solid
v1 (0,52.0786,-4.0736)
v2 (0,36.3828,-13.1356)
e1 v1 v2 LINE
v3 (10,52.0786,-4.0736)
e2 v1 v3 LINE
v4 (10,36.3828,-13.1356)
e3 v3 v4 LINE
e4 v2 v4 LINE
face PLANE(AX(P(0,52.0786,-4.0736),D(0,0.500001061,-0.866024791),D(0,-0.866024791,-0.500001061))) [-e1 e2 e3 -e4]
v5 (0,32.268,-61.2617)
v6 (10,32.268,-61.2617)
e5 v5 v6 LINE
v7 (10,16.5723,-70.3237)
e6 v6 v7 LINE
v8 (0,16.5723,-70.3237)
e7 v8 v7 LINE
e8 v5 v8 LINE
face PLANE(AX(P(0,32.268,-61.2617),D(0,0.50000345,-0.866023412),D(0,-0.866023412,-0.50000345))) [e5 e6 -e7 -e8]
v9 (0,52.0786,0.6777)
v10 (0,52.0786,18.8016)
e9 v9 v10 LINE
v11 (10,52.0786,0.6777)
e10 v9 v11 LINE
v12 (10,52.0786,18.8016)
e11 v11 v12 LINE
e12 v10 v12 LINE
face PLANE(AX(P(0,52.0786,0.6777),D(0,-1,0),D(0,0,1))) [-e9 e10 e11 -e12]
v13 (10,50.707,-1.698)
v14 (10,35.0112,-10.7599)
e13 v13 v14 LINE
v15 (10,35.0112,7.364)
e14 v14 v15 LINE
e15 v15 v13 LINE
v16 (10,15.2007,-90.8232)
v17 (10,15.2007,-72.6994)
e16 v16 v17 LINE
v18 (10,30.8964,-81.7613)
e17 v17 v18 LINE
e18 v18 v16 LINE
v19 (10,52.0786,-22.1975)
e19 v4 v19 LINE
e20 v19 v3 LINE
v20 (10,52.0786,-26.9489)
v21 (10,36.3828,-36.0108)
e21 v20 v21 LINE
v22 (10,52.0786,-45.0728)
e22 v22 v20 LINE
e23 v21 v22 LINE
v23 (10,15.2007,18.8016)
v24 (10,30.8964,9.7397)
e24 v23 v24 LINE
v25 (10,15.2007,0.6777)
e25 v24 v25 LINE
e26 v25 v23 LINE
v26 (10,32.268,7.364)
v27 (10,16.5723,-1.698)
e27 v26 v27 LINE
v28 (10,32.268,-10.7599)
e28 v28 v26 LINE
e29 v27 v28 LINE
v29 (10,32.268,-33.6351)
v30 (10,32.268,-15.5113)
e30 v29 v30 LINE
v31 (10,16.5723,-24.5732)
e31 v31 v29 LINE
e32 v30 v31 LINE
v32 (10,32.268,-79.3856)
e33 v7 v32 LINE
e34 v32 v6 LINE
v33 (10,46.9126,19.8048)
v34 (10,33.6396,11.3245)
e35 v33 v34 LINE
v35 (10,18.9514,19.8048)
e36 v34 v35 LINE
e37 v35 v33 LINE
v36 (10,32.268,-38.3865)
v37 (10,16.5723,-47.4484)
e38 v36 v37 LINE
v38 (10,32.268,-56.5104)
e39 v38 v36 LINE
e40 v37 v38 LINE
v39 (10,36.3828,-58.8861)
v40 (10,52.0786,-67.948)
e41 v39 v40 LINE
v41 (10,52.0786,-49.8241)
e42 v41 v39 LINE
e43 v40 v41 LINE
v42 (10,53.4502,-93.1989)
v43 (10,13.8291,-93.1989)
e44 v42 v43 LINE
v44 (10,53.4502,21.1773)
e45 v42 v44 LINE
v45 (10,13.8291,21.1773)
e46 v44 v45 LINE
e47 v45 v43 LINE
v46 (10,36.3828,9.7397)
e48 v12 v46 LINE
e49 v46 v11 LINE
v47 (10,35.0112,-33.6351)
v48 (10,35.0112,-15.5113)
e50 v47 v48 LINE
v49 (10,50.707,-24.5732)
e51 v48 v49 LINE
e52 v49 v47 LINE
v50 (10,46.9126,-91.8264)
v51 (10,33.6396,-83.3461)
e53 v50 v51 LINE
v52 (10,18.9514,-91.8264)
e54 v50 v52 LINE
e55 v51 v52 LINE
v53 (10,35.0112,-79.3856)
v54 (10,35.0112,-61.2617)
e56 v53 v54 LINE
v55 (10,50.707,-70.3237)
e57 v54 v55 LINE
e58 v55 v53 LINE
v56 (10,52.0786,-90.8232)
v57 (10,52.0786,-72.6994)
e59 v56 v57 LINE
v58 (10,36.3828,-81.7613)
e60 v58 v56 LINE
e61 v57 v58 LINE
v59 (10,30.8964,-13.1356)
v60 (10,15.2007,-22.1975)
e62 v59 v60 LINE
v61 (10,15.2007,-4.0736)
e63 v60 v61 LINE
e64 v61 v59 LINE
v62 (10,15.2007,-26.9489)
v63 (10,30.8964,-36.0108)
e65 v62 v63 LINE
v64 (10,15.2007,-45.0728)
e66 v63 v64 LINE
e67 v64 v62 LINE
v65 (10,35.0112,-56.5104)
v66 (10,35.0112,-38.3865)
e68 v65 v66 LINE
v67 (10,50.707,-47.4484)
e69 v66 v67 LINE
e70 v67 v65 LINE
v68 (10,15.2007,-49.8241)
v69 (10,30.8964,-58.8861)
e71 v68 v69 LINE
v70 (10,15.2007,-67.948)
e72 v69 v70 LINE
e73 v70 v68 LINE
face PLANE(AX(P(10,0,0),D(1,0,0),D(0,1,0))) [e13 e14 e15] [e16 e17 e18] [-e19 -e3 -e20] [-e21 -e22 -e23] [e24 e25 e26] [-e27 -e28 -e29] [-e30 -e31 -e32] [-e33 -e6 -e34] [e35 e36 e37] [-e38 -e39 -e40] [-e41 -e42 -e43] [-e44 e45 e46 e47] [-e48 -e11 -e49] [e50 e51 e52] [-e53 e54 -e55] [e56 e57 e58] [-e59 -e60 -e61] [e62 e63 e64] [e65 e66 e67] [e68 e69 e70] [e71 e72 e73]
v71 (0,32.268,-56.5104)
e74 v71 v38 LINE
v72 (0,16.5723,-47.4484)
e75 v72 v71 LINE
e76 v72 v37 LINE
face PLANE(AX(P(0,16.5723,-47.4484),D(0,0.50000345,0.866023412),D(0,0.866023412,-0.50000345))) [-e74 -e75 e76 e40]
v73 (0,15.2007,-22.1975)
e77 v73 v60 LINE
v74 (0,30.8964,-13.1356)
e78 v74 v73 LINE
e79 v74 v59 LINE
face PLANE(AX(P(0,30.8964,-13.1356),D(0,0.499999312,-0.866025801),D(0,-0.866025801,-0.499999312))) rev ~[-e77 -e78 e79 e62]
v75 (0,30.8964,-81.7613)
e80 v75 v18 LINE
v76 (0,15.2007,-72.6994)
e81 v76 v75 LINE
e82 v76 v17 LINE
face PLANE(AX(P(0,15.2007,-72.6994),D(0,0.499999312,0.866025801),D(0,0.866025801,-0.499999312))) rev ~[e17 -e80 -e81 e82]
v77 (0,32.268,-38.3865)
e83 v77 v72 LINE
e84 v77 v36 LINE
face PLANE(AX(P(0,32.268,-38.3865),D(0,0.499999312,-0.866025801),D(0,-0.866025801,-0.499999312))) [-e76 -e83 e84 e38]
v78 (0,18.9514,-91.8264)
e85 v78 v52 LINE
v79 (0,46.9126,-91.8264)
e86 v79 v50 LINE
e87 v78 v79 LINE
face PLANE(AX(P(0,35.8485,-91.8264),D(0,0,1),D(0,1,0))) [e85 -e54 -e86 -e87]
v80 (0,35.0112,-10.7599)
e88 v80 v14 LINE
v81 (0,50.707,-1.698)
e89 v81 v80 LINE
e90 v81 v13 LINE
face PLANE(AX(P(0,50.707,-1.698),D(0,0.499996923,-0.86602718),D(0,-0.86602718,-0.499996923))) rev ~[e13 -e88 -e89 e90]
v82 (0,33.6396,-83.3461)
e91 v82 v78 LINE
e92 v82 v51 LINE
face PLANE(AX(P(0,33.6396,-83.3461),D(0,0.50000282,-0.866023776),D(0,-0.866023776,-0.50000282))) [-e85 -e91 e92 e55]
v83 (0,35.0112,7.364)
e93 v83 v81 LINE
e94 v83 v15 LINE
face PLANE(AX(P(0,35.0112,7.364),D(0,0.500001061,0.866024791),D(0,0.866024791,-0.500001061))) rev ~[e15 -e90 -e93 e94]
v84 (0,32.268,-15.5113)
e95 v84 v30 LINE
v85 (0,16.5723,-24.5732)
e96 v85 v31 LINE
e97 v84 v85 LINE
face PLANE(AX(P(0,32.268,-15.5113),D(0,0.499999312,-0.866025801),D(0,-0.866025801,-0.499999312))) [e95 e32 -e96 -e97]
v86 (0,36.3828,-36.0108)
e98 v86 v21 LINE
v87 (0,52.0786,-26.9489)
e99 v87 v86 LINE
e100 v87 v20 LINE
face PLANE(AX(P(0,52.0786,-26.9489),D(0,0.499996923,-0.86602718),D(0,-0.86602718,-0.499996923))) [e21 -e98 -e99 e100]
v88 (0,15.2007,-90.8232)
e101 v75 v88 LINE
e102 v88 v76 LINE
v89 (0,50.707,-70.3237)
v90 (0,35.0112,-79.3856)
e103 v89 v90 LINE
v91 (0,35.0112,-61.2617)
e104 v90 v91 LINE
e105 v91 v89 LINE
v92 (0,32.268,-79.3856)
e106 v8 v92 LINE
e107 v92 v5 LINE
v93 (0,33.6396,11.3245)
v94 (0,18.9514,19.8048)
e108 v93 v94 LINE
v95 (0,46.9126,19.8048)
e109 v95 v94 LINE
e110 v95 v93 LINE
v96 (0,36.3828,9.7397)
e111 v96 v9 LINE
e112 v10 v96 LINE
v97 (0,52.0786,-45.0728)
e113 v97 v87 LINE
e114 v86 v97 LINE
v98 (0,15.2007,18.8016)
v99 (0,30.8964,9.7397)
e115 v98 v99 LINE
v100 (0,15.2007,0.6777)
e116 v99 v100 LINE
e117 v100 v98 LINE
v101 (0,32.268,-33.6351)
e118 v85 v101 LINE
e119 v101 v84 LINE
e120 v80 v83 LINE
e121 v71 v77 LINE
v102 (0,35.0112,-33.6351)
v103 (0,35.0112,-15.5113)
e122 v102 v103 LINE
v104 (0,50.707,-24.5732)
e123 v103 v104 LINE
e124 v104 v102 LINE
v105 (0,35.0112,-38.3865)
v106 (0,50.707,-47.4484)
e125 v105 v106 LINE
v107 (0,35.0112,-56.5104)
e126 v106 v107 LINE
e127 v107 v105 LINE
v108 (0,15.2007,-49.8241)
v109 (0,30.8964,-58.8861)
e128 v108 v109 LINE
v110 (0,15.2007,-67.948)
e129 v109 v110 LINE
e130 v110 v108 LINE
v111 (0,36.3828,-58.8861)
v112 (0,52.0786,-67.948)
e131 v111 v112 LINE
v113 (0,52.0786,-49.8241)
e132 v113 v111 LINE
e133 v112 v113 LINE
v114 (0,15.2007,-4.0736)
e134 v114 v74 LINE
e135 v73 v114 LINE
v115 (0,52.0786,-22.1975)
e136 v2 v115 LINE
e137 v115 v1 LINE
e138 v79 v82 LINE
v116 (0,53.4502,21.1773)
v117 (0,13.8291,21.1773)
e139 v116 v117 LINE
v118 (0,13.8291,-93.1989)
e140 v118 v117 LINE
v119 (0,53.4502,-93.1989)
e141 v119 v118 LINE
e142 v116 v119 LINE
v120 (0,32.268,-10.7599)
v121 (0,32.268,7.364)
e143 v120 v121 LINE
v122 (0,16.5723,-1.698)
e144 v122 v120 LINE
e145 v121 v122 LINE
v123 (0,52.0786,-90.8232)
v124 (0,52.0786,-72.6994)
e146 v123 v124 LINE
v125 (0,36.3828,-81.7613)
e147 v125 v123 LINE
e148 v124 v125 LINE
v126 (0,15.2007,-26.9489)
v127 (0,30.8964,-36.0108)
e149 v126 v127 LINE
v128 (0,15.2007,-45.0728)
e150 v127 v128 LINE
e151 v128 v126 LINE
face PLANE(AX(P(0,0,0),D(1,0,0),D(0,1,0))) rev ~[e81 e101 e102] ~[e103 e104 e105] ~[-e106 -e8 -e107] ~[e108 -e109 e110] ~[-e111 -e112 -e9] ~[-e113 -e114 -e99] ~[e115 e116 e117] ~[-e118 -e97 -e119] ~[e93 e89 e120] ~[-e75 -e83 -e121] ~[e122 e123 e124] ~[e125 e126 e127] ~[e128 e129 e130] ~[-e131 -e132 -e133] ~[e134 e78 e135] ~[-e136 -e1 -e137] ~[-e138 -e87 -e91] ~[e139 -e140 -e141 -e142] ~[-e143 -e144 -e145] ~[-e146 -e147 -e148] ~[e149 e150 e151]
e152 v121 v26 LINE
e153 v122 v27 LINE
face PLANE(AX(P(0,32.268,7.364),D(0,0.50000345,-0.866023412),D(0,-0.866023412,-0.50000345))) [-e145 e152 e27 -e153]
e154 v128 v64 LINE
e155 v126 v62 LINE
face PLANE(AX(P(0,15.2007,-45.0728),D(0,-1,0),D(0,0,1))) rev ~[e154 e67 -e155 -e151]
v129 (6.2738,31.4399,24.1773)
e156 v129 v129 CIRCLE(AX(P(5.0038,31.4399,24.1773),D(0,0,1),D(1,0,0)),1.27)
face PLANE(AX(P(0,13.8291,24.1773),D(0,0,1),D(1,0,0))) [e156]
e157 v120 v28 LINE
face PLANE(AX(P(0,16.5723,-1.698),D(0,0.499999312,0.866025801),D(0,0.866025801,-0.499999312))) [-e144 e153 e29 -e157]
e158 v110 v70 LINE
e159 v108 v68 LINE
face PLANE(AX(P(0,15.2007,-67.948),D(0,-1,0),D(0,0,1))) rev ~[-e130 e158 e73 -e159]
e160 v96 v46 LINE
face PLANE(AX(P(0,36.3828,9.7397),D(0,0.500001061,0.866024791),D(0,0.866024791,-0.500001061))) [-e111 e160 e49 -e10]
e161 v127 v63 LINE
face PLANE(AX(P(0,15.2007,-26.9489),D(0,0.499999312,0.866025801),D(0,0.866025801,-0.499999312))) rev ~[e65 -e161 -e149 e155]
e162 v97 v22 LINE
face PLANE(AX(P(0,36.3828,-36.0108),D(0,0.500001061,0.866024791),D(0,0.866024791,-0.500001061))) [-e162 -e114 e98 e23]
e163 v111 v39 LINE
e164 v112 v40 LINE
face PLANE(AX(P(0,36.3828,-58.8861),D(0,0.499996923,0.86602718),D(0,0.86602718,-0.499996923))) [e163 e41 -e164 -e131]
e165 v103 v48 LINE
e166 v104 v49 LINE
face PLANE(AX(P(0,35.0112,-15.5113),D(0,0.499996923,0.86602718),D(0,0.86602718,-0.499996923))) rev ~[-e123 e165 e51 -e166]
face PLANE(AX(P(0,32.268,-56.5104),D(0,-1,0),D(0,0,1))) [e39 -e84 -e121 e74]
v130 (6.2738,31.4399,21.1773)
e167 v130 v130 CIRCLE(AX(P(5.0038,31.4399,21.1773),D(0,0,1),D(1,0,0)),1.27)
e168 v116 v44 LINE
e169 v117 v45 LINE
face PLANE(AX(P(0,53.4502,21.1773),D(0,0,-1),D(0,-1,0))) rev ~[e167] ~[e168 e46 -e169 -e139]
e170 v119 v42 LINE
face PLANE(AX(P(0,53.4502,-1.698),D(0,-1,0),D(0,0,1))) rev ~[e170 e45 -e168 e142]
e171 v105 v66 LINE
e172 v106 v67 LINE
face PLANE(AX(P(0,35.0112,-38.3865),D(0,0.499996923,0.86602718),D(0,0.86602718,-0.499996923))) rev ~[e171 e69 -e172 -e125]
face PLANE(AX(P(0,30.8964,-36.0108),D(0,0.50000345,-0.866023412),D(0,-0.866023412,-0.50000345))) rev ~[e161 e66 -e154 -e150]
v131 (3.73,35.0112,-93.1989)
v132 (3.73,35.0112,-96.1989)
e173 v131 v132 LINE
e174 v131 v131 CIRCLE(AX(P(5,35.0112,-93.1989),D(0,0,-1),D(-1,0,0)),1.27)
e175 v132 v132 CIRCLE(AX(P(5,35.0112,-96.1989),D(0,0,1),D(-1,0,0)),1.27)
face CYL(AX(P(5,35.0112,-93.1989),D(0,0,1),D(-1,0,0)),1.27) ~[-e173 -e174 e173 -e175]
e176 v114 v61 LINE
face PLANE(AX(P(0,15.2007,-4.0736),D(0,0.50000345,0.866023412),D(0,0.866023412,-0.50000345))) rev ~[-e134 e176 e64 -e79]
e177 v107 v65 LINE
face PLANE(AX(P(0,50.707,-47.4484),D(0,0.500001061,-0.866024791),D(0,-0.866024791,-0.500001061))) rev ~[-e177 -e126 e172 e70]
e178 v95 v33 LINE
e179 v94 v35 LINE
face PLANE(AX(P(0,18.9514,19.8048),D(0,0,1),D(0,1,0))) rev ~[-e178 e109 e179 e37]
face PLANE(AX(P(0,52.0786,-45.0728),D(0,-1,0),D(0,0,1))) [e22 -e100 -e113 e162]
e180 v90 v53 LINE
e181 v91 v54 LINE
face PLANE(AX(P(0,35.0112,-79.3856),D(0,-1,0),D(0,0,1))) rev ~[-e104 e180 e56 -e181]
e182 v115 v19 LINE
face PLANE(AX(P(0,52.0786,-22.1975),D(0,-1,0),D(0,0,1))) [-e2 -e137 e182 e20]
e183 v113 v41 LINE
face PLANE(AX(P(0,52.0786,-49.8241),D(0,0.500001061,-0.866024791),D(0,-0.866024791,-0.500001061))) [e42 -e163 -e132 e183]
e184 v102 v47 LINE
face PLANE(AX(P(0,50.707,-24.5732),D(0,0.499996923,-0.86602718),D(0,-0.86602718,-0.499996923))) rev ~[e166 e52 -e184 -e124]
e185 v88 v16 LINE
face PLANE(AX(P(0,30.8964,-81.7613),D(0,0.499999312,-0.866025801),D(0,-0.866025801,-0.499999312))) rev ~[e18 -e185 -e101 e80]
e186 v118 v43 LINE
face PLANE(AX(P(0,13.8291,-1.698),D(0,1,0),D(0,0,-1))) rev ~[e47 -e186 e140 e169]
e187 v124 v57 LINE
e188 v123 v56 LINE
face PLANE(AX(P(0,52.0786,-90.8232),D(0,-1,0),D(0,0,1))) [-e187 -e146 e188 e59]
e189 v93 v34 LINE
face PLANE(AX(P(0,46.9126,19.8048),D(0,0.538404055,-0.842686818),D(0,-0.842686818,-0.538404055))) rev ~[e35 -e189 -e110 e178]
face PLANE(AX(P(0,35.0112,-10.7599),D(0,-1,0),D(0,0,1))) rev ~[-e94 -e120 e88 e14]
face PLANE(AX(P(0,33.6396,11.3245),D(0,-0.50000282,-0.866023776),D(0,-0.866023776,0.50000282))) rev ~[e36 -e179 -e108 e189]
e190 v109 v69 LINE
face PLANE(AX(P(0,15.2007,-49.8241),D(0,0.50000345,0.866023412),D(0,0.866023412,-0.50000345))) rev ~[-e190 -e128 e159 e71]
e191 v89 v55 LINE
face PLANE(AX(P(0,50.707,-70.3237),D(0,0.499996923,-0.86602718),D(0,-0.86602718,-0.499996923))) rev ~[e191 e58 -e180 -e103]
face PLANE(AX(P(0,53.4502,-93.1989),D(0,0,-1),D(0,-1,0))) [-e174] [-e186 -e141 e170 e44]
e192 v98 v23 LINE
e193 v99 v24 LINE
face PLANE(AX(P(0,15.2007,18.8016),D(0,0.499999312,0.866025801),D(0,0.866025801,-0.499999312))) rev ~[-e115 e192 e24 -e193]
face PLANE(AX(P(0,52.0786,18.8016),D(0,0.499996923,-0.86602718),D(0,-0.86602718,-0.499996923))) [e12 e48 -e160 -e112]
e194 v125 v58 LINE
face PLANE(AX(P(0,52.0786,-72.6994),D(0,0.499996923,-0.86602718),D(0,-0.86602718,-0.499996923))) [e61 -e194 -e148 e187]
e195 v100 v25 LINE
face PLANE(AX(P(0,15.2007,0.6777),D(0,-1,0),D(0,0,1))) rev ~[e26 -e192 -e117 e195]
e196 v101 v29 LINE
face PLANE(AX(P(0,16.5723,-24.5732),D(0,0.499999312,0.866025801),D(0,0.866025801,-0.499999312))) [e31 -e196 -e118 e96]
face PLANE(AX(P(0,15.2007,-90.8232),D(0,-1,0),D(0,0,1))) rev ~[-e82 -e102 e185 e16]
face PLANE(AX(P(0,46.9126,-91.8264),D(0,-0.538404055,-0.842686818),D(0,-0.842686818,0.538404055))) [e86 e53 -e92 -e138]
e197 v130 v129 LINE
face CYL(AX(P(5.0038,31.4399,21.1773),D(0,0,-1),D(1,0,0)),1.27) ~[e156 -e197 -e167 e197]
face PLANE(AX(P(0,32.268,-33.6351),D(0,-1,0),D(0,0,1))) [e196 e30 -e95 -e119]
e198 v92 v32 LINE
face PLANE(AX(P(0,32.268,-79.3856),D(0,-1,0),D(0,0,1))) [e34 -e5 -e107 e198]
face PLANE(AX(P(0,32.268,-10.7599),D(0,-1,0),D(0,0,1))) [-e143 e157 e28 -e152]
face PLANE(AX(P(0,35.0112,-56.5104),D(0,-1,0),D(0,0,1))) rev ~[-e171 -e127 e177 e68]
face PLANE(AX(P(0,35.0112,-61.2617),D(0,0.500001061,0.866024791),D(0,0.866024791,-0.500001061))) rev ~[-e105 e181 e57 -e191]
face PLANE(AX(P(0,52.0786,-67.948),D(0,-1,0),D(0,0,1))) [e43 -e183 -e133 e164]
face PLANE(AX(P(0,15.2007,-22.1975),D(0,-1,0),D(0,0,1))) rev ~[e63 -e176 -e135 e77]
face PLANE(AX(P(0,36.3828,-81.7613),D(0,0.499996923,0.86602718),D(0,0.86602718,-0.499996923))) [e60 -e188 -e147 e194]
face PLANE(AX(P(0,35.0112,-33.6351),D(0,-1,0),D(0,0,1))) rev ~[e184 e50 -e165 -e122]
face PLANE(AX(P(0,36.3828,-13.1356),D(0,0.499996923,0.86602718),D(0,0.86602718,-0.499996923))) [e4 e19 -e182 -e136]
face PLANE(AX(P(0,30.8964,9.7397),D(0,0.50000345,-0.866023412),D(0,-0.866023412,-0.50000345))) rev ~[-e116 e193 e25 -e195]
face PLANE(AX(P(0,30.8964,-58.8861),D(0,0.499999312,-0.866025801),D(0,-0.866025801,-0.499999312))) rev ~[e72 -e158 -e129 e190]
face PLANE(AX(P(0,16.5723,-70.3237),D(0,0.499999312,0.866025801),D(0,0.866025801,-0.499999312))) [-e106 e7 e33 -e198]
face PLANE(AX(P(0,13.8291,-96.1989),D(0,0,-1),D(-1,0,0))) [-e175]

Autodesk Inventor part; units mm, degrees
ref_plane "YZ Plane" through (0, 0, 0) normal (1, 0, 0) x (0, 1, 0)
ref_plane "XZ Plane" through (0, 0, 0) normal (0, 1, 0) x (-1, 0, 0)
ref_plane "XY Plane" through (0, 0, 0) normal (0, 0, 1) x (1, 0, 0)
sketch "Sketch1" plane through (0, 0, 0) normal (1, 0, 0) x (0, 1, 0)
  line L0 (33.6396, 9.7397) -> (33.6396, -13.1356)
  line L1 (33.6396, -13.1356) -> (53.4502, -1.698)
  line L2 (53.4502, -1.698) -> (33.6396, 9.7397)
  line L3 (50.707, -1.698) -> (35.0112, -10.7599)
  line L4 (35.0112, -10.7599) -> (35.0112, 7.364)
  line L5 (35.0112, 7.364) -> (50.707, -1.698)
  line L6 (53.4502, -1.698) -> (33.6396, -13.1356)
  line L7 (53.4502, -24.5732) -> (33.6396, -13.1356)
  line L8 (53.4502, -1.698) -> (53.4502, -24.5732)
  line L9 (52.0786, -4.0736) -> (36.3828, -13.1356)
  line L10 (36.3828, -13.1356) -> (52.0786, -22.1975)
  line L11 (52.0786, -22.1975) -> (52.0786, -4.0736)
  line L12 (33.6396, -13.1356) -> (33.6396, -36.0108)
  line L13 (33.6396, -36.0108) -> (53.4502, -24.5732)
  line L14 (35.0112, -33.6351) -> (35.0112, -15.5113)
  line L15 (35.0112, -15.5113) -> (50.707, -24.5732)
  line L16 (50.707, -24.5732) -> (35.0112, -33.6351)
  line L17 (53.4502, -24.5732) -> (53.4502, -47.4484)
  line L18 (53.4502, -47.4484) -> (33.6396, -36.0108)
  line L19 (52.0786, -45.0728) -> (52.0786, -26.9489)
  line L20 (36.3828, -36.0108) -> (52.0786, -45.0728)
  line L21 (52.0786, -26.9489) -> (36.3828, -36.0108)
  line L22 (33.6396, -36.0108) -> (33.6396, -58.8861)
  line L23 (35.0112, -56.5104) -> (35.0112, -38.3865)
  line L24 (33.6396, -58.8861) -> (53.4502, -47.4484)
  line L25 (50.707, -47.4484) -> (35.0112, -56.5104)
  line L26 (35.0112, -38.3865) -> (50.707, -47.4484)
  line L27 (53.4502, -47.4484) -> (53.4502, -70.3237)
  line L28 (52.0786, -49.8241) -> (36.3828, -58.8861)
  line L29 (36.3828, -58.8861) -> (52.0786, -67.948)
  line L30 (53.4502, -70.3237) -> (33.6396, -58.8861)
  line L31 (52.0786, -67.948) -> (52.0786, -49.8241)
  line L32 (33.6396, -58.8861) -> (33.6396, -81.7613)
  line L33 (33.6396, -81.7613) -> (53.4502, -70.3237)
  line L34 (50.707, -70.3237) -> (35.0112, -79.3856)
  line L35 (35.0112, -79.3856) -> (35.0112, -61.2617)
  line L36 (35.0112, -61.2617) -> (50.707, -70.3237)
  line L37 (33.6396, -13.1356) -> (13.8291, -1.698)
  line L38 (13.8291, -1.698) -> (33.6396, 9.7397)
  line L39 (16.5723, -1.698) -> (32.268, -10.7599)
  line L40 (32.268, -10.7599) -> (32.268, 7.364)
  line L41 (32.268, 7.364) -> (16.5723, -1.698)
  line L42 (33.6396, -13.1356) -> (13.8291, -1.698)
  line L43 (13.8291, -24.5732) -> (33.6396, -13.1356)
  line L44 (13.8291, -1.698) -> (13.8291, -24.5732)
  line L45 (15.2007, -4.0736) -> (30.8964, -13.1356)
  line L46 (30.8964, -13.1356) -> (15.2007, -22.1975)
  line L47 (15.2007, -22.1975) -> (15.2007, -4.0736)
  line L48 (13.8291, -24.5732) -> (33.6396, -13.1356)
  line L49 (33.6396, -36.0108) -> (13.8291, -24.5732)
  line L50 (32.268, -15.5113) -> (16.5723, -24.5732)
  line L51 (32.268, -33.6351) -> (32.268, -15.5113)
  line L52 (16.5723, -24.5732) -> (32.268, -33.6351)
  line L53 (13.8291, -47.4484) -> (33.6396, -36.0108)
  line L54 (16.5723, -47.4484) -> (32.268, -56.5104)
  line L55 (32.268, -56.5104) -> (32.268, -38.3865)
  line L56 (33.6396, -58.8861) -> (13.8291, -47.4484)
  line L57 (32.268, -38.3865) -> (16.5723, -47.4484)
  line L58 (33.6396, -36.0108) -> (13.8291, -24.5732)
  line L59 (15.2007, -26.9489) -> (30.8964, -36.0108)
  line L60 (13.8291, -24.5732) -> (13.8291, -47.4484)
  line L61 (15.2007, -45.0728) -> (15.2007, -26.9489)
  line L62 (13.8291, -47.4484) -> (33.6396, -36.0108)
  line L63 (30.8964, -36.0108) -> (15.2007, -45.0728)
  line L64 (13.8291, -70.3237) -> (33.6396, -58.8861)
  line L65 (32.268, -79.3856) -> (32.268, -61.2617)
  line L66 (33.6396, -81.7613) -> (13.8291, -70.3237)
  line L67 (32.268, -61.2617) -> (16.5723, -70.3237)
  line L68 (16.5723, -70.3237) -> (32.268, -79.3856)
  line L69 (33.6396, -58.8861) -> (13.8291, -47.4484)
  line L70 (13.8291, -47.4484) -> (13.8291, -70.3237)
  line L71 (15.2007, -67.948) -> (15.2007, -49.8241)
  line L72 (15.2007, -49.8241) -> (30.8964, -58.8861)
  line L73 (13.8291, -70.3237) -> (33.6396, -58.8861)
  line L74 (30.8964, -58.8861) -> (15.2007, -67.948)
  line L75 (13.8291, -1.698) -> (13.8291, 21.1773)
  line L76 (13.8291, 21.1773) -> (33.6396, 9.7397)
  line L77 (53.4502, -1.698) -> (53.4502, 21.1773)
  line L78 (53.4502, 21.1773) -> (33.6396, 9.7397)
  line L79 (53.4502, 21.1773) -> (13.8291, 21.1773)
  line L80 (53.4502, -70.3237) -> (53.4502, -93.1989)
  line L81 (53.4502, -93.1989) -> (33.6396, -81.7613)
  line L82 (13.8291, -70.3237) -> (13.8291, -93.1989)
  line L83 (13.8291, -93.1989) -> (33.6396, -81.7613)
  line L84 (53.4502, -93.1989) -> (13.8291, -93.1989)
  line L85 (15.2007, 0.6777) -> (15.2007, 18.8016)
  line L86 (30.8964, 9.7397) -> (15.2007, 0.6777)
  line L87 (15.2007, 18.8016) -> (30.8964, 9.7397)
  line L88 (52.0786, 0.6777) -> (52.0786, 18.8016)
  line L89 (52.0786, 18.8016) -> (36.3828, 9.7397)
  line L90 (36.3828, 9.7397) -> (52.0786, 0.6777)
  line L91 (36.3828, -81.7613) -> (52.0786, -90.8232)
  line L92 (52.0786, -90.8232) -> (52.0786, -72.6994)
  line L93 (52.0786, -72.6994) -> (36.3828, -81.7613)
  line L94 (30.8964, -81.7613) -> (15.2007, -90.8232)
  line L95 (15.2007, -90.8232) -> (15.2007, -72.6994)
  line L96 (15.2007, -72.6994) -> (30.8964, -81.7613)
  line L97 (35.8485, 19.8048) -> (46.9126, 19.8048)
  line L98 (46.9126, 19.8048) -> (33.6396, 11.3245)
  line L99 (33.6396, 11.3245) -> (18.9514, 19.8048)
  line L100 (18.9514, 19.8048) -> (35.8485, 19.8048)
  line L101 (35.8485, -91.8264) -> (46.9126, -91.8264)
  line L102 (46.9126, -91.8264) -> (33.6396, -83.3461)
  line L103 (33.6396, -83.3461) -> (18.9514, -91.8264)
  line L104 (18.9514, -91.8264) -> (35.8485, -91.8264)
  dimension "d13" = 1.3716
extrude "Extrusion1" add sketch "Sketch1" along normal blind 10
sketch "Sketch2" plane through (0, 13.8291, 21.1773) normal (0, 0, 1) x (1, 0, 0)
  line L0 (0, 39.6211) -> (10, 39.6211) projected
  circle A0 centre (5.0038, 17.6108) radius 1.27
  point P0 (0, -13.8291)
  point P1 (0, 19.8105)
extrude "Extrusion2" add sketch "Sketch2" along normal blind 3
sketch "Sketch3" plane through (0, 13.8291, -93.1989) normal (0, 0, -1) x (-1, 0, 0)
  line L0 (0, 39.6211) -> (-10, 39.6211) projected
  line L1 (0, 21.1821) -> (-10, 21.1821) projected
  circle A0 centre (-5, 21.1821) radius 1.27
  point P0 (0, -13.8291)
  dimension "d36" = 2.54
extrude "Extrusion3" add sketch "Sketch3" along normal blind 3
properties part number "Arm support for middle arms"
